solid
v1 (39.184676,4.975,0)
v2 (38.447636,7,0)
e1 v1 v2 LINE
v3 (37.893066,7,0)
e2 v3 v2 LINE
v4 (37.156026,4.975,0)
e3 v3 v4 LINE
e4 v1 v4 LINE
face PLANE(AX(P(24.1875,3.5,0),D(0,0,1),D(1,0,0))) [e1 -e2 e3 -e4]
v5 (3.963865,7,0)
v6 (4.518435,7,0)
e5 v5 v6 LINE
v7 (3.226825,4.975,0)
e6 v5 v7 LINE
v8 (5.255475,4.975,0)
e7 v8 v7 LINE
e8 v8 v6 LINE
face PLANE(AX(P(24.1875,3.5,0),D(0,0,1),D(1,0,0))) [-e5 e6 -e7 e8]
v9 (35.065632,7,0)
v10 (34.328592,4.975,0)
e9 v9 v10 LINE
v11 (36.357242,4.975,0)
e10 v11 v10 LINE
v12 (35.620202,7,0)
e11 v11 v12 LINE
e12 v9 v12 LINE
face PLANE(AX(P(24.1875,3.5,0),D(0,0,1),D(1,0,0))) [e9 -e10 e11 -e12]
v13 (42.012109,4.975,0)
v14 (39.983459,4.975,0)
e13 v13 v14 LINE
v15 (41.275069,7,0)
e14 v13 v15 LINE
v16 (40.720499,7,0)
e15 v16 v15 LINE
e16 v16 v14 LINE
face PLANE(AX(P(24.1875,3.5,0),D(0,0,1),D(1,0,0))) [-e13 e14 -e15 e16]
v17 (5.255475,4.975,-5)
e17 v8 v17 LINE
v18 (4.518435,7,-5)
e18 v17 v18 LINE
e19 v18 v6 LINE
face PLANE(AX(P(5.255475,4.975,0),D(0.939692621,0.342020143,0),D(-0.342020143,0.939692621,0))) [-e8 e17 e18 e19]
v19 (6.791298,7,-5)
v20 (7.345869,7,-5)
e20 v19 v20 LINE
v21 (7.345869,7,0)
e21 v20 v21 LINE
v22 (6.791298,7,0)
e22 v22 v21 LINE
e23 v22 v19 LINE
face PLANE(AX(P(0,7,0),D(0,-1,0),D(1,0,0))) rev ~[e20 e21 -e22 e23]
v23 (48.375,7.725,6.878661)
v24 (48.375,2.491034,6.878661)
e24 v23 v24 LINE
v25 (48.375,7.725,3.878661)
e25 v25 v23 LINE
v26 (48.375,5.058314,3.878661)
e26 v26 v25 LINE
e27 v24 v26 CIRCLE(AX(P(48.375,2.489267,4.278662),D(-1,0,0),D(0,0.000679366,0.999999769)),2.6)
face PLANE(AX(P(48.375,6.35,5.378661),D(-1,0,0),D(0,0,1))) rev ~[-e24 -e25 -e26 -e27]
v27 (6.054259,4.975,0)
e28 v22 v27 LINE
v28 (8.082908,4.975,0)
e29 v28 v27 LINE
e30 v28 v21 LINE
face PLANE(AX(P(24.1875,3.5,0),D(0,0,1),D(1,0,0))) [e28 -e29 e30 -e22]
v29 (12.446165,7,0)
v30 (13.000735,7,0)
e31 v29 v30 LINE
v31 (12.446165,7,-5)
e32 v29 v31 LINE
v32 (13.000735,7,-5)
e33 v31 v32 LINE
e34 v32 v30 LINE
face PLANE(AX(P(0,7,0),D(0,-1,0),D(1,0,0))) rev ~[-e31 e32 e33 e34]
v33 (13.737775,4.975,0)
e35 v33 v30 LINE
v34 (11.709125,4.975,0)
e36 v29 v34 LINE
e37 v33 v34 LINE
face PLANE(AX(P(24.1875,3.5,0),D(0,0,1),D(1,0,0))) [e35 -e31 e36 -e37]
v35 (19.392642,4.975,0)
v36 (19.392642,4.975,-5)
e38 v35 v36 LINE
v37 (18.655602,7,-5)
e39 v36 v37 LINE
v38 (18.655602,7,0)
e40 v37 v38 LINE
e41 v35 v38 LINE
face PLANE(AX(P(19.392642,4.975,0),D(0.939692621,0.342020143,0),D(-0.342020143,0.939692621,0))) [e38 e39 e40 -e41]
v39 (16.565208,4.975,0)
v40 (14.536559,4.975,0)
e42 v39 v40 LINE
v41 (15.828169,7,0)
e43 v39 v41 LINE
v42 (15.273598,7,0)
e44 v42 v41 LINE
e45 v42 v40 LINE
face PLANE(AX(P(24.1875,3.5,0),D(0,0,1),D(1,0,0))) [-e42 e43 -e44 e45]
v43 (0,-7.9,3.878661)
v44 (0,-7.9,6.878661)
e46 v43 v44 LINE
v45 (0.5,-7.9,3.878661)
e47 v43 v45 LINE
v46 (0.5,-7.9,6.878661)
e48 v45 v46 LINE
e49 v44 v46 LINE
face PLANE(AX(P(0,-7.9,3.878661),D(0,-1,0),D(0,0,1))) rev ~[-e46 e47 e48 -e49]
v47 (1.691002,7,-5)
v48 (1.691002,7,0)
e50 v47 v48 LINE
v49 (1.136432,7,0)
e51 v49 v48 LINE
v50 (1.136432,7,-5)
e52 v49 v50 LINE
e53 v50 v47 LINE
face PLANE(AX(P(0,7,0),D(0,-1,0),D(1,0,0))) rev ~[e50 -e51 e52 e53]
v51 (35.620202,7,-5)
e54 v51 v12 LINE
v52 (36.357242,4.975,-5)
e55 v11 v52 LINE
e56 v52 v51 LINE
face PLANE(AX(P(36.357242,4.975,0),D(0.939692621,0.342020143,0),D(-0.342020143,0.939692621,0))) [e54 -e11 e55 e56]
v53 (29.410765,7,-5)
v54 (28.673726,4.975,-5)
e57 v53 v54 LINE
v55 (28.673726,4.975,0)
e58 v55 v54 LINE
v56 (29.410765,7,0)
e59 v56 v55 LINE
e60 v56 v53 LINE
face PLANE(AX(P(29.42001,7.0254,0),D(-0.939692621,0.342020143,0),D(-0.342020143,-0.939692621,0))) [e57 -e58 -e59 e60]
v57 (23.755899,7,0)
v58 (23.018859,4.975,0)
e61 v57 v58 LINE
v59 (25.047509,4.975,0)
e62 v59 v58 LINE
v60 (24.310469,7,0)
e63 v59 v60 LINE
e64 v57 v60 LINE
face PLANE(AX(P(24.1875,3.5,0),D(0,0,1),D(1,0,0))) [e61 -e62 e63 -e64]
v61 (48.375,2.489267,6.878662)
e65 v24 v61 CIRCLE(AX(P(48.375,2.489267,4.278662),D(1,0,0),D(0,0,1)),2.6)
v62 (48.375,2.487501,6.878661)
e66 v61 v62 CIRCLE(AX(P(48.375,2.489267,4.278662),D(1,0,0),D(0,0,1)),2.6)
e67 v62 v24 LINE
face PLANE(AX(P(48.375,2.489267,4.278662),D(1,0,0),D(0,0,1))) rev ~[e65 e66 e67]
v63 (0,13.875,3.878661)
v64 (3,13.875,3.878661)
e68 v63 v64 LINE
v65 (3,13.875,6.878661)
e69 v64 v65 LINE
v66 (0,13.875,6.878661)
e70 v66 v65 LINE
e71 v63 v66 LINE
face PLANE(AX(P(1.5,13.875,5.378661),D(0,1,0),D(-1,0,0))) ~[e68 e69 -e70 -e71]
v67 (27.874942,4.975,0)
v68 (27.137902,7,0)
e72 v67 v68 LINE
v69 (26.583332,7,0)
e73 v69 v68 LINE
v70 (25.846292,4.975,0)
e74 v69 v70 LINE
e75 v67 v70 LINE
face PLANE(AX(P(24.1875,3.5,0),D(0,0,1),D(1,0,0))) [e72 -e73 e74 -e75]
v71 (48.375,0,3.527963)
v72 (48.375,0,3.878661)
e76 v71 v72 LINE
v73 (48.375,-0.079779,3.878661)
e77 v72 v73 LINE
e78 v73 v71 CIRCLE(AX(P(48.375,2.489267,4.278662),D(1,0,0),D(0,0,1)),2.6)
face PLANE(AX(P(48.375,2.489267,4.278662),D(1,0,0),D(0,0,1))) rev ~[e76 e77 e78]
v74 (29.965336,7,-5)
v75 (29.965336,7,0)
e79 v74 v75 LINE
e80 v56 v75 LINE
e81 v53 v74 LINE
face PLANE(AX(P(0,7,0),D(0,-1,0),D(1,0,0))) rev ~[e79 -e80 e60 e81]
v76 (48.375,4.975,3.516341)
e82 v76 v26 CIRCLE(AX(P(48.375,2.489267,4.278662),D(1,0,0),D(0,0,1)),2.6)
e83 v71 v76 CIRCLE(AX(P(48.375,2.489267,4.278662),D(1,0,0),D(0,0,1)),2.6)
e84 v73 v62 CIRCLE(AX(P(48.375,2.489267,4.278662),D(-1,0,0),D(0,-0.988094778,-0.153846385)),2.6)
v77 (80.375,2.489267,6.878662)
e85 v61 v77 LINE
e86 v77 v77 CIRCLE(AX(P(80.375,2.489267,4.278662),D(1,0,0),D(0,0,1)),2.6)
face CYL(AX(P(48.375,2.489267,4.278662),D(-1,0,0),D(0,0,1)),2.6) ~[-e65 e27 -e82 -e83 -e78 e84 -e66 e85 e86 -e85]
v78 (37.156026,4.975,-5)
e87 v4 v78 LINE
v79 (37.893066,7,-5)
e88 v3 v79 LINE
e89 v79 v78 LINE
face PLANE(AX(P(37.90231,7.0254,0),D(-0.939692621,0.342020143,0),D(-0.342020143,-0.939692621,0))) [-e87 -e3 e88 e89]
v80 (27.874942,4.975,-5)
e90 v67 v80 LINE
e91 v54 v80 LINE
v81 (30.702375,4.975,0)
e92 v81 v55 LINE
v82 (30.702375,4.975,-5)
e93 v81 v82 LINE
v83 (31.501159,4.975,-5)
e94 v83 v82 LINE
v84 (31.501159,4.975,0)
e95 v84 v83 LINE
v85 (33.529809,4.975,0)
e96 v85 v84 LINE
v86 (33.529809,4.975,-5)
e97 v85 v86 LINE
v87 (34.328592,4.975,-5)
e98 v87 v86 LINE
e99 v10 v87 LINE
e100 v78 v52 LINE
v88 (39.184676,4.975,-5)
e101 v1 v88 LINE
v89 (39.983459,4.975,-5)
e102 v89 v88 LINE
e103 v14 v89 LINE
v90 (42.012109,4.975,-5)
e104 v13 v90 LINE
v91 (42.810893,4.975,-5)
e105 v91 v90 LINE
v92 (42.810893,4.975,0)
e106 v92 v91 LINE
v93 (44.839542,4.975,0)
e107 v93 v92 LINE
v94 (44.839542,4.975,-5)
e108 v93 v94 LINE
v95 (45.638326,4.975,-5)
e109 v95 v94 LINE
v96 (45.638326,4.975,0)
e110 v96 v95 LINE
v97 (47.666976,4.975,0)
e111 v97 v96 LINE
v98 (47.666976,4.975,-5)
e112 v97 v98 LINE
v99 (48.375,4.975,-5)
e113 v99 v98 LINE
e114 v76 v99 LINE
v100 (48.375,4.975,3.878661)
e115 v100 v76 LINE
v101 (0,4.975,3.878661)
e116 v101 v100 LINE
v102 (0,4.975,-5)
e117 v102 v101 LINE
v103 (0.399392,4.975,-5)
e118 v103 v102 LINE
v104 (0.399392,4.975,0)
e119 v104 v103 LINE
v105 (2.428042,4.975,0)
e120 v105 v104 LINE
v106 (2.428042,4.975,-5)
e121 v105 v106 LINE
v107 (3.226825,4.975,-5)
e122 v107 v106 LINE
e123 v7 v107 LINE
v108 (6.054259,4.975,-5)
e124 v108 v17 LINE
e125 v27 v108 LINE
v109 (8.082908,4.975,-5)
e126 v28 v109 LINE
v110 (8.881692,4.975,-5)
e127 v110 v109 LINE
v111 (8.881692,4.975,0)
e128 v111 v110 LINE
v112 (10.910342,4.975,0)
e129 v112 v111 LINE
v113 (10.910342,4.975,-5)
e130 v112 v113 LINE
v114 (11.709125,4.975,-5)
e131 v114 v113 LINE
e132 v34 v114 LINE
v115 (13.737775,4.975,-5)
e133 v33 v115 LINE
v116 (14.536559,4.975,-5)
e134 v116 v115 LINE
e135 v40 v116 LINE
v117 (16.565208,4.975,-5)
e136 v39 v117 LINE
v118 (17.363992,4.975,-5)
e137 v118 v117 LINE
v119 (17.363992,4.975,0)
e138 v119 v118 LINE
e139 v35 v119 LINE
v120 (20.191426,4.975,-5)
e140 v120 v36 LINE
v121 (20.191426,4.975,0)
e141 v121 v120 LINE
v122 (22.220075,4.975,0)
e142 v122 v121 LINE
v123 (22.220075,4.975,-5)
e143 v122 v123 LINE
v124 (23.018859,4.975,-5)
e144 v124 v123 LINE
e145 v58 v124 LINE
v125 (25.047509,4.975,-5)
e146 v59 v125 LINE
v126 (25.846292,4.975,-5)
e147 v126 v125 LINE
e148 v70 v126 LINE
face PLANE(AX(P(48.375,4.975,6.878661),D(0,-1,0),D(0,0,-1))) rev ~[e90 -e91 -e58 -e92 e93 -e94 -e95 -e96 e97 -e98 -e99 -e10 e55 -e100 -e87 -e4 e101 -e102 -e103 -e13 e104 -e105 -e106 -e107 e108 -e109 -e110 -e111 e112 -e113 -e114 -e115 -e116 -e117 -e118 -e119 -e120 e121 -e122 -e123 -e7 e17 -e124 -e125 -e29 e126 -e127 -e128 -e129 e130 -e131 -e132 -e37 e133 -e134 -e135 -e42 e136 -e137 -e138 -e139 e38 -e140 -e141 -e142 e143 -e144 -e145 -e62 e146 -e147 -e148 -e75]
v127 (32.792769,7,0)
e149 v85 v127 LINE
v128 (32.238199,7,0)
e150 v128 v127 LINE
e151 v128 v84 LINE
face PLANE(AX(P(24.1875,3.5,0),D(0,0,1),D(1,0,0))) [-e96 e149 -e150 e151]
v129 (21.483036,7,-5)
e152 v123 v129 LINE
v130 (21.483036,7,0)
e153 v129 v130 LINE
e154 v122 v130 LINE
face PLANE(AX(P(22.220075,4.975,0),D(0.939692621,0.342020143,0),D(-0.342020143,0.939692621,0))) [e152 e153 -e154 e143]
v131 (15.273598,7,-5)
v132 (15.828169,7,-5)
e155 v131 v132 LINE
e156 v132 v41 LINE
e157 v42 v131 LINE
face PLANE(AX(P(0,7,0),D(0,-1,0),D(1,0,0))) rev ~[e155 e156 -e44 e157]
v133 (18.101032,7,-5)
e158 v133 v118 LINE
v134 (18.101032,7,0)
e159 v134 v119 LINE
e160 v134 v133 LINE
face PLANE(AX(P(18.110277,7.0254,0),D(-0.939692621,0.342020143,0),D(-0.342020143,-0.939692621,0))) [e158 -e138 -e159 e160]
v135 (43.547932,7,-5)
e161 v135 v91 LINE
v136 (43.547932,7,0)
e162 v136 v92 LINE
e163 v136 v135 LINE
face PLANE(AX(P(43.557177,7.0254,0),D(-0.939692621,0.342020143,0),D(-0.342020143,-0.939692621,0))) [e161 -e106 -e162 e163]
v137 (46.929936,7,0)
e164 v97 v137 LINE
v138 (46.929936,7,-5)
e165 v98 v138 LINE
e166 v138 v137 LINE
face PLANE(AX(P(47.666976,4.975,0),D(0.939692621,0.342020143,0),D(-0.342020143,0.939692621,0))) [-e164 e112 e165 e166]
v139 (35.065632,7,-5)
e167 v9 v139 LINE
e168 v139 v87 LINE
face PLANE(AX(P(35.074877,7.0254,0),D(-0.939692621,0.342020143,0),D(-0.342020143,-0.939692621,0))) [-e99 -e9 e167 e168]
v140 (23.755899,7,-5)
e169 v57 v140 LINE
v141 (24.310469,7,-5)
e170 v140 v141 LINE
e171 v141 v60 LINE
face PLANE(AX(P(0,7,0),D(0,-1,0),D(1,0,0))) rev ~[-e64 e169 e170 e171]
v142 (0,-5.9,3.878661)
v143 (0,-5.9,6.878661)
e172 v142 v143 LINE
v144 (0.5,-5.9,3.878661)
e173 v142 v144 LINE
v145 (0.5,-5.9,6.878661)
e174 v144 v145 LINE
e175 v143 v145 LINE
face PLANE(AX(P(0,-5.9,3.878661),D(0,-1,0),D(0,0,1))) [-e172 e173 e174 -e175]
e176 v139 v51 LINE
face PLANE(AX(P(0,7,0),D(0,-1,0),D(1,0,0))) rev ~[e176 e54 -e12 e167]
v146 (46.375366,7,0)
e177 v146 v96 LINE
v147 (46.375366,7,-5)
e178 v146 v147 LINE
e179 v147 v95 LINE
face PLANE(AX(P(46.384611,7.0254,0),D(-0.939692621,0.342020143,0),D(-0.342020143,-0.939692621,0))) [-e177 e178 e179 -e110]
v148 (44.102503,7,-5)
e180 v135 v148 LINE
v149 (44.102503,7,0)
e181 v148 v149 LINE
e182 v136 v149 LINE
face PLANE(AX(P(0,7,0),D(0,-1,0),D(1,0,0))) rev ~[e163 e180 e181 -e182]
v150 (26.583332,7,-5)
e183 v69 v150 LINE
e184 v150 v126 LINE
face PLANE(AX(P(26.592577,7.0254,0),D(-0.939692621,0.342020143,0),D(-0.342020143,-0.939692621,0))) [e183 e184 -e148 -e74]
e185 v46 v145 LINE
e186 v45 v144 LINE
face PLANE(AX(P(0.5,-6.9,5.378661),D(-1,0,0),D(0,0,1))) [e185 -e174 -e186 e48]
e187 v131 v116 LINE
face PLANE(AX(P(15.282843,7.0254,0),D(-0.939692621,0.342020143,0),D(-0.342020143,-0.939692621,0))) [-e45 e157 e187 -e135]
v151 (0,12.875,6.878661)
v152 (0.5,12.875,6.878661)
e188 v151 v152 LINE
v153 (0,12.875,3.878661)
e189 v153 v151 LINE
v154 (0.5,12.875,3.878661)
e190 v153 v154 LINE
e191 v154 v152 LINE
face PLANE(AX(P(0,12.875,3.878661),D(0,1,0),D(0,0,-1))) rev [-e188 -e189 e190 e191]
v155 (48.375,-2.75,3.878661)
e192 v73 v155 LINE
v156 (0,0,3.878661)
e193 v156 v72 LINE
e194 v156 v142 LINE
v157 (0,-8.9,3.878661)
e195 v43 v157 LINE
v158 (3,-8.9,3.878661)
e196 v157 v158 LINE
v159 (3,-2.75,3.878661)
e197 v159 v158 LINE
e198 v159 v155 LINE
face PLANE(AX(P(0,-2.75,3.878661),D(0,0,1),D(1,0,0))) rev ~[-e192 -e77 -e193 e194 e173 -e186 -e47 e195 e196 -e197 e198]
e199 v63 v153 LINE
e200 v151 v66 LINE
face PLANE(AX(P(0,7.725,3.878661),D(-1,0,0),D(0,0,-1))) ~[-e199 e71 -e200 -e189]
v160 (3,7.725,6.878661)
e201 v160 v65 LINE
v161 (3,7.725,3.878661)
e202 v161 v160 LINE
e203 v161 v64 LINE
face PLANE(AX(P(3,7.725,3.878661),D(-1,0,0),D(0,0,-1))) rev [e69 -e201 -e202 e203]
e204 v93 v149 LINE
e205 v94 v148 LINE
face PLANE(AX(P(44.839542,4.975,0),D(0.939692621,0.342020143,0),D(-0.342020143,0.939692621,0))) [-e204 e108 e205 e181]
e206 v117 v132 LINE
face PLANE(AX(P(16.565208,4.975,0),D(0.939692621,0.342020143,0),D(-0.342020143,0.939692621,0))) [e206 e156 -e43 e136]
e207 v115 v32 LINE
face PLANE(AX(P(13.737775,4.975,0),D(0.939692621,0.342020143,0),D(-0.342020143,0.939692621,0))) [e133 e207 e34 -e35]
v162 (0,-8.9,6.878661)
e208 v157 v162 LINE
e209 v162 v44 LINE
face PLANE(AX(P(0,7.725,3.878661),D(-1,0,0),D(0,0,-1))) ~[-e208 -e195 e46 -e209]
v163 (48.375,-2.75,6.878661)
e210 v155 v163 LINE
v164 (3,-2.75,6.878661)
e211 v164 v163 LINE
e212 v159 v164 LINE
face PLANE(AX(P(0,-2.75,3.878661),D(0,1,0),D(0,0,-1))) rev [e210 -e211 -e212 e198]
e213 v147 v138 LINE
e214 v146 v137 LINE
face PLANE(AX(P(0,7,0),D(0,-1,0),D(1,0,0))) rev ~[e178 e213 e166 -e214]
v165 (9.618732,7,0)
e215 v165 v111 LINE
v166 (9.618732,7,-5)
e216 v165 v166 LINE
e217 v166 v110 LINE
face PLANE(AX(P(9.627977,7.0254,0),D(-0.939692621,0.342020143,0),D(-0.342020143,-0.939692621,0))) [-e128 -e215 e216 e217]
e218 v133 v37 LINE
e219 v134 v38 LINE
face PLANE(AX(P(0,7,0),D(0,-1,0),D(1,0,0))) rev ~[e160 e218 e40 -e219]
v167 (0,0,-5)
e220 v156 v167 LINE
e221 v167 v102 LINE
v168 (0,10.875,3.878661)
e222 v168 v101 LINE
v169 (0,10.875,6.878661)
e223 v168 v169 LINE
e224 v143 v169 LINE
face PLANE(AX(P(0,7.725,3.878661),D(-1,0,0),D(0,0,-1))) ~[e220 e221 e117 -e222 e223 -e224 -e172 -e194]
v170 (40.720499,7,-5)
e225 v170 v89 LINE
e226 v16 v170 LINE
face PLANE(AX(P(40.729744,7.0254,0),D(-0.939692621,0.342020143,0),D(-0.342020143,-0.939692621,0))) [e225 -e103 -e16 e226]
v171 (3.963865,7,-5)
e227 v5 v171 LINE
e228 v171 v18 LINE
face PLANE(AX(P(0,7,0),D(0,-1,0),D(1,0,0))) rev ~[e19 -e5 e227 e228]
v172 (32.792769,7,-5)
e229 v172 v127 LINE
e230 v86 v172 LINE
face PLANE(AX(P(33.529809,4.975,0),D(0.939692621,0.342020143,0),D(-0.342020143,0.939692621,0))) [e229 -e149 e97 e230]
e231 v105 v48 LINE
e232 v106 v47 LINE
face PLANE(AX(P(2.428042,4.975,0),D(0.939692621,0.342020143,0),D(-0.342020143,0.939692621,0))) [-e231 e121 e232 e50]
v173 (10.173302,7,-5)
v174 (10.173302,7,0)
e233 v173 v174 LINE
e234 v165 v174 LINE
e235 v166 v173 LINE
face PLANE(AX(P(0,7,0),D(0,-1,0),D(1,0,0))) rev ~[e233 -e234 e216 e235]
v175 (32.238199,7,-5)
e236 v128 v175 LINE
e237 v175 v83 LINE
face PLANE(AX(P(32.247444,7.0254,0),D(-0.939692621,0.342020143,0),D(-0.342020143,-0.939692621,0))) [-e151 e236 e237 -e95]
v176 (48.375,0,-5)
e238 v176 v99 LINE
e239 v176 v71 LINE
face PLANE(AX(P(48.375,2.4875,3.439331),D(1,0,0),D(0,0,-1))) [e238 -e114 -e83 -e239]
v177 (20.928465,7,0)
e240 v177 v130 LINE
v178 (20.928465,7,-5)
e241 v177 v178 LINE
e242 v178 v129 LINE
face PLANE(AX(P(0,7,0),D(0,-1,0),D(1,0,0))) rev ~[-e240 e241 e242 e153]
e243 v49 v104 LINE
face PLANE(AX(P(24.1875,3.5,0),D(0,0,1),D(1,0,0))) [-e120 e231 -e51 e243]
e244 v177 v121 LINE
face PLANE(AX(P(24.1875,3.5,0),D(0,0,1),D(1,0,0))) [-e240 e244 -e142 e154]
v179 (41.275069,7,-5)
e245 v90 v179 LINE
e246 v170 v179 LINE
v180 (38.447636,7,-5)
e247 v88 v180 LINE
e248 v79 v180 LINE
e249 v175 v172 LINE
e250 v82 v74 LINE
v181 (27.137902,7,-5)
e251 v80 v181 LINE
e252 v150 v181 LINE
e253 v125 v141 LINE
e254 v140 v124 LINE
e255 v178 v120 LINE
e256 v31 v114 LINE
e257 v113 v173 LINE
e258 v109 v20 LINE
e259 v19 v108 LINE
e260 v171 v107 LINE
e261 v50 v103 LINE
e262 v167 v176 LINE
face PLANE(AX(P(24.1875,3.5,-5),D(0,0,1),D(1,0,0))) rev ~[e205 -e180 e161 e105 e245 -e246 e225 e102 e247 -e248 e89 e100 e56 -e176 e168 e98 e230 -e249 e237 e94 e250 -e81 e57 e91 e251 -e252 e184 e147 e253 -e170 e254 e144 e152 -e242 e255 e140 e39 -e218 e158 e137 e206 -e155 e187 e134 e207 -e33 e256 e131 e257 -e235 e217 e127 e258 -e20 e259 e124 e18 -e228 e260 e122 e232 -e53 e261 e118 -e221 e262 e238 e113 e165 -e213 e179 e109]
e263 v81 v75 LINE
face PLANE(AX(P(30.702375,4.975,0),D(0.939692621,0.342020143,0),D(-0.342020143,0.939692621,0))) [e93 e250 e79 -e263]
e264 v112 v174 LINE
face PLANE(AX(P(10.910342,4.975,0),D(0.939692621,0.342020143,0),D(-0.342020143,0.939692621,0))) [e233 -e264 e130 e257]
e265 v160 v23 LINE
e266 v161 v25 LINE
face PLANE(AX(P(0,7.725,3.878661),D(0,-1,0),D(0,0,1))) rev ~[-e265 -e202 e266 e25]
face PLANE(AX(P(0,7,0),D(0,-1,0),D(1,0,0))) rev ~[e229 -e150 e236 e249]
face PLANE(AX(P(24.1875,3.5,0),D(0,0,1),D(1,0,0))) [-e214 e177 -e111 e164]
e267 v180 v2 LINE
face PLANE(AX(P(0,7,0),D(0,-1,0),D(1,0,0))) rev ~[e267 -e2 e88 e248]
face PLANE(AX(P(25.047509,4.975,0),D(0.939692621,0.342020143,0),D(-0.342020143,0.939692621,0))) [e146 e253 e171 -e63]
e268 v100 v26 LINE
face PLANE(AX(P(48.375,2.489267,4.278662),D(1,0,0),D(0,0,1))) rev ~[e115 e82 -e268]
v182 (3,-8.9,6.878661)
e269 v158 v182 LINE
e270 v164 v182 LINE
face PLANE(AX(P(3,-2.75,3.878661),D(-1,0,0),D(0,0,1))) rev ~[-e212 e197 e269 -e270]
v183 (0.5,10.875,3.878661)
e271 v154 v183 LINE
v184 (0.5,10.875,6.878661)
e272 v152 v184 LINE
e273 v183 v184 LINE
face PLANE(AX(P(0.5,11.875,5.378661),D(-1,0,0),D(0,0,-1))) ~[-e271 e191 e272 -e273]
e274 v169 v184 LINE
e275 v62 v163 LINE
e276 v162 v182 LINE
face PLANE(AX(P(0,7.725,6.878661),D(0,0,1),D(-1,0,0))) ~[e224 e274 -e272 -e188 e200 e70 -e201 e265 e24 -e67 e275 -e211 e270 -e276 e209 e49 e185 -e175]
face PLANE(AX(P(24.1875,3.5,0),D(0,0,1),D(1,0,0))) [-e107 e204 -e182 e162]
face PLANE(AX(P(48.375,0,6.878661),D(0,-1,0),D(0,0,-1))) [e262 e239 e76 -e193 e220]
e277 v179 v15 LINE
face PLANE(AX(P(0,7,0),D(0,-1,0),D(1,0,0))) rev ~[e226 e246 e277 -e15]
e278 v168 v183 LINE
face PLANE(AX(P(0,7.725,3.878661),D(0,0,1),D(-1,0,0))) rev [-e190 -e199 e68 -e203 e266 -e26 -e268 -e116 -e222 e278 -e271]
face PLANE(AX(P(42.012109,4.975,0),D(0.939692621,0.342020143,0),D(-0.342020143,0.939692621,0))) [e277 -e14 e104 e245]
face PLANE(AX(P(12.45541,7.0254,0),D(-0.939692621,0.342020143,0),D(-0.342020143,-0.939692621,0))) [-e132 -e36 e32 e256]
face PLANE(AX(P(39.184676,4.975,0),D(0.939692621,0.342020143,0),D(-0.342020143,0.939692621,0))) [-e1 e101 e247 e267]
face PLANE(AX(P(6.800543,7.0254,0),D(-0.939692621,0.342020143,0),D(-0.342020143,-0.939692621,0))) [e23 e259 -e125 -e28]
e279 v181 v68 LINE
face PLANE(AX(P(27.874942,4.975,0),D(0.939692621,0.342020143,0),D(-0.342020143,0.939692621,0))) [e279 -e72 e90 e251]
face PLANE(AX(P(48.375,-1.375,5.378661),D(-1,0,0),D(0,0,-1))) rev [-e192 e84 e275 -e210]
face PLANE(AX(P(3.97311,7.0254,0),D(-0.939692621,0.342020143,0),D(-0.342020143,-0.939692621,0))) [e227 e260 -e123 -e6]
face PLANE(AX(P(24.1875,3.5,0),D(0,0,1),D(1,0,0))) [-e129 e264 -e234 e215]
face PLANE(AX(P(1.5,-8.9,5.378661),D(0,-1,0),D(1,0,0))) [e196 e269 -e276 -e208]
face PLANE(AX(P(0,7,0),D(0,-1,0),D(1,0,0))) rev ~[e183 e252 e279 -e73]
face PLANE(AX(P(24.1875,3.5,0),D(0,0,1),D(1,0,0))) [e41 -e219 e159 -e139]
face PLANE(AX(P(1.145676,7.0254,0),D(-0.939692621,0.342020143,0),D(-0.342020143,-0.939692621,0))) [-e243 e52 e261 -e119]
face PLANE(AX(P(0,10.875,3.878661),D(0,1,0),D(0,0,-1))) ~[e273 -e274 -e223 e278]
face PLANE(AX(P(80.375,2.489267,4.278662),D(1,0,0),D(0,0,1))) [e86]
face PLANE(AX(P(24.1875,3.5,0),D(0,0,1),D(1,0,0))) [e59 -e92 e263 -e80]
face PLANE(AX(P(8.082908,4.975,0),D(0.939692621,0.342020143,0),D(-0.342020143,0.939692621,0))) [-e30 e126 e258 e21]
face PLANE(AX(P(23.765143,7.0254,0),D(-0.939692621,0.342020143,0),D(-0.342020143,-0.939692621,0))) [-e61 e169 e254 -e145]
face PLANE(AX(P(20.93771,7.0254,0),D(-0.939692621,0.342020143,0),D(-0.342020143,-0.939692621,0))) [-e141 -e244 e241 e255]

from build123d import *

# Parameters (mm, degrees)
BLANKSKE_W          = 48.375
BLANKSKE_H          = 7
BLANK_DEPTH         = 5
TOOTHCUTSIM_DEPTH   = 50.133905045
TEETHCUTS_COUNT     = 18
TEETHCUTS_PITCH     = 2.827433385
SKETCH7_W           = 6.878661204
SKETCH7_H           = 4.975
BOSS_EXTRUDE5_DEPTH = 48.375
SKETCH8_R           = 2.6
BOSS_EXTRUDE6_DEPTH = 32
SKETCH10_W          = 3
SKETCH10_H          = 2.75
BOSS_EXTRUDE8_DEPTH = 48.375
SKETCH11_W          = 3
SKETCH11_H          = 3
BOSS_EXTRUDE9_DEPTH = 6.15
SKETCH12_W          = 3
SKETCH12_H          = 2
CUT_EXTRUDE1_DEPTH  = 0.5


with BuildPart() as part:
    # BlankSke → Blank (new body)
    with BuildSketch(Plane.XY):
        with Locations((24.1875, 3.5)):
            Rectangle(BLANKSKE_W, BLANKSKE_H)
    extrude(amount=-BLANK_DEPTH)

    # TooCutSkeSim → ToothCutSim (cut, through all)
    with BuildSketch(Plane.XY):
        Polygon((0.399391833, 4.975), (-0.399391833, 4.975), (-1.145676401, 7.0254), (1.145676401, 7.0254), align=None)
    toothcutsim = extrude(amount=-TOOTHCUTSIM_DEPTH, mode=Mode.SUBTRACT)

    # TeethCuts: ToothCutSim ×18
    with Locations(*[(i * TEETHCUTS_PITCH, 0, 0) for i in range(1, TEETHCUTS_COUNT)]):
        add(toothcutsim, mode=Mode.SUBTRACT)

    # Sketch7 → Boss-Extrude5 (add)
    with BuildSketch(Plane(origin=(48.375, 0, 0), x_dir=(0, 0, -1), z_dir=(1, 0, 0))):
        with Locations((-3.439330602, 2.4875)):
            Rectangle(SKETCH7_W, SKETCH7_H)
    extrude(amount=-BOSS_EXTRUDE5_DEPTH)

    # Sketch8 → Boss-Extrude6 (add)
    with BuildSketch(Plane(origin=(48.375, 0, 0), x_dir=(0, 0, -1), z_dir=(1, 0, 0))):
        with Locations(Location((-4.278661804, 2.489267286, 0), (0, 0, 180))):
            Circle(SKETCH8_R)
    extrude(amount=BOSS_EXTRUDE6_DEPTH)

    # Sketch10 → Boss-Extrude8 (add)
    with BuildSketch(Plane.ZY):
        with Locations((5.378661204, 6.35)):
            Rectangle(SKETCH10_W, SKETCH10_H)
    boss_extrude8 = extrude(amount=-BOSS_EXTRUDE8_DEPTH)

    # Mirror6: Boss-Extrude8 across plane
    add(boss_extrude8.mirror(Plane.ZX.offset(2.4875)))

    # Sketch11 → Boss-Extrude9 (add)
    with BuildSketch(Plane.XZ.offset(2.75)):
        with Locations((1.5, 5.378661204)):
            Rectangle(SKETCH11_W, SKETCH11_H)
    boss_extrude9 = extrude(amount=BOSS_EXTRUDE9_DEPTH)

    # Mirror7: Boss-Extrude9 across plane
    add(boss_extrude9.mirror(Plane.ZX.offset(2.4875)))

    # Sketch12 → Cut-Extrude1 (cut)
    with BuildSketch(Plane.ZY):
        with Locations((5.378661204, -6.9)):
            Rectangle(SKETCH12_W, SKETCH12_H)
    cut_extrude1 = extrude(amount=-CUT_EXTRUDE1_DEPTH, mode=Mode.SUBTRACT)

    # Mirror8: Cut-Extrude1 across plane
    add(cut_extrude1.mirror(Plane.ZX.offset(2.4875)), mode=Mode.SUBTRACT)


solid = part.part
